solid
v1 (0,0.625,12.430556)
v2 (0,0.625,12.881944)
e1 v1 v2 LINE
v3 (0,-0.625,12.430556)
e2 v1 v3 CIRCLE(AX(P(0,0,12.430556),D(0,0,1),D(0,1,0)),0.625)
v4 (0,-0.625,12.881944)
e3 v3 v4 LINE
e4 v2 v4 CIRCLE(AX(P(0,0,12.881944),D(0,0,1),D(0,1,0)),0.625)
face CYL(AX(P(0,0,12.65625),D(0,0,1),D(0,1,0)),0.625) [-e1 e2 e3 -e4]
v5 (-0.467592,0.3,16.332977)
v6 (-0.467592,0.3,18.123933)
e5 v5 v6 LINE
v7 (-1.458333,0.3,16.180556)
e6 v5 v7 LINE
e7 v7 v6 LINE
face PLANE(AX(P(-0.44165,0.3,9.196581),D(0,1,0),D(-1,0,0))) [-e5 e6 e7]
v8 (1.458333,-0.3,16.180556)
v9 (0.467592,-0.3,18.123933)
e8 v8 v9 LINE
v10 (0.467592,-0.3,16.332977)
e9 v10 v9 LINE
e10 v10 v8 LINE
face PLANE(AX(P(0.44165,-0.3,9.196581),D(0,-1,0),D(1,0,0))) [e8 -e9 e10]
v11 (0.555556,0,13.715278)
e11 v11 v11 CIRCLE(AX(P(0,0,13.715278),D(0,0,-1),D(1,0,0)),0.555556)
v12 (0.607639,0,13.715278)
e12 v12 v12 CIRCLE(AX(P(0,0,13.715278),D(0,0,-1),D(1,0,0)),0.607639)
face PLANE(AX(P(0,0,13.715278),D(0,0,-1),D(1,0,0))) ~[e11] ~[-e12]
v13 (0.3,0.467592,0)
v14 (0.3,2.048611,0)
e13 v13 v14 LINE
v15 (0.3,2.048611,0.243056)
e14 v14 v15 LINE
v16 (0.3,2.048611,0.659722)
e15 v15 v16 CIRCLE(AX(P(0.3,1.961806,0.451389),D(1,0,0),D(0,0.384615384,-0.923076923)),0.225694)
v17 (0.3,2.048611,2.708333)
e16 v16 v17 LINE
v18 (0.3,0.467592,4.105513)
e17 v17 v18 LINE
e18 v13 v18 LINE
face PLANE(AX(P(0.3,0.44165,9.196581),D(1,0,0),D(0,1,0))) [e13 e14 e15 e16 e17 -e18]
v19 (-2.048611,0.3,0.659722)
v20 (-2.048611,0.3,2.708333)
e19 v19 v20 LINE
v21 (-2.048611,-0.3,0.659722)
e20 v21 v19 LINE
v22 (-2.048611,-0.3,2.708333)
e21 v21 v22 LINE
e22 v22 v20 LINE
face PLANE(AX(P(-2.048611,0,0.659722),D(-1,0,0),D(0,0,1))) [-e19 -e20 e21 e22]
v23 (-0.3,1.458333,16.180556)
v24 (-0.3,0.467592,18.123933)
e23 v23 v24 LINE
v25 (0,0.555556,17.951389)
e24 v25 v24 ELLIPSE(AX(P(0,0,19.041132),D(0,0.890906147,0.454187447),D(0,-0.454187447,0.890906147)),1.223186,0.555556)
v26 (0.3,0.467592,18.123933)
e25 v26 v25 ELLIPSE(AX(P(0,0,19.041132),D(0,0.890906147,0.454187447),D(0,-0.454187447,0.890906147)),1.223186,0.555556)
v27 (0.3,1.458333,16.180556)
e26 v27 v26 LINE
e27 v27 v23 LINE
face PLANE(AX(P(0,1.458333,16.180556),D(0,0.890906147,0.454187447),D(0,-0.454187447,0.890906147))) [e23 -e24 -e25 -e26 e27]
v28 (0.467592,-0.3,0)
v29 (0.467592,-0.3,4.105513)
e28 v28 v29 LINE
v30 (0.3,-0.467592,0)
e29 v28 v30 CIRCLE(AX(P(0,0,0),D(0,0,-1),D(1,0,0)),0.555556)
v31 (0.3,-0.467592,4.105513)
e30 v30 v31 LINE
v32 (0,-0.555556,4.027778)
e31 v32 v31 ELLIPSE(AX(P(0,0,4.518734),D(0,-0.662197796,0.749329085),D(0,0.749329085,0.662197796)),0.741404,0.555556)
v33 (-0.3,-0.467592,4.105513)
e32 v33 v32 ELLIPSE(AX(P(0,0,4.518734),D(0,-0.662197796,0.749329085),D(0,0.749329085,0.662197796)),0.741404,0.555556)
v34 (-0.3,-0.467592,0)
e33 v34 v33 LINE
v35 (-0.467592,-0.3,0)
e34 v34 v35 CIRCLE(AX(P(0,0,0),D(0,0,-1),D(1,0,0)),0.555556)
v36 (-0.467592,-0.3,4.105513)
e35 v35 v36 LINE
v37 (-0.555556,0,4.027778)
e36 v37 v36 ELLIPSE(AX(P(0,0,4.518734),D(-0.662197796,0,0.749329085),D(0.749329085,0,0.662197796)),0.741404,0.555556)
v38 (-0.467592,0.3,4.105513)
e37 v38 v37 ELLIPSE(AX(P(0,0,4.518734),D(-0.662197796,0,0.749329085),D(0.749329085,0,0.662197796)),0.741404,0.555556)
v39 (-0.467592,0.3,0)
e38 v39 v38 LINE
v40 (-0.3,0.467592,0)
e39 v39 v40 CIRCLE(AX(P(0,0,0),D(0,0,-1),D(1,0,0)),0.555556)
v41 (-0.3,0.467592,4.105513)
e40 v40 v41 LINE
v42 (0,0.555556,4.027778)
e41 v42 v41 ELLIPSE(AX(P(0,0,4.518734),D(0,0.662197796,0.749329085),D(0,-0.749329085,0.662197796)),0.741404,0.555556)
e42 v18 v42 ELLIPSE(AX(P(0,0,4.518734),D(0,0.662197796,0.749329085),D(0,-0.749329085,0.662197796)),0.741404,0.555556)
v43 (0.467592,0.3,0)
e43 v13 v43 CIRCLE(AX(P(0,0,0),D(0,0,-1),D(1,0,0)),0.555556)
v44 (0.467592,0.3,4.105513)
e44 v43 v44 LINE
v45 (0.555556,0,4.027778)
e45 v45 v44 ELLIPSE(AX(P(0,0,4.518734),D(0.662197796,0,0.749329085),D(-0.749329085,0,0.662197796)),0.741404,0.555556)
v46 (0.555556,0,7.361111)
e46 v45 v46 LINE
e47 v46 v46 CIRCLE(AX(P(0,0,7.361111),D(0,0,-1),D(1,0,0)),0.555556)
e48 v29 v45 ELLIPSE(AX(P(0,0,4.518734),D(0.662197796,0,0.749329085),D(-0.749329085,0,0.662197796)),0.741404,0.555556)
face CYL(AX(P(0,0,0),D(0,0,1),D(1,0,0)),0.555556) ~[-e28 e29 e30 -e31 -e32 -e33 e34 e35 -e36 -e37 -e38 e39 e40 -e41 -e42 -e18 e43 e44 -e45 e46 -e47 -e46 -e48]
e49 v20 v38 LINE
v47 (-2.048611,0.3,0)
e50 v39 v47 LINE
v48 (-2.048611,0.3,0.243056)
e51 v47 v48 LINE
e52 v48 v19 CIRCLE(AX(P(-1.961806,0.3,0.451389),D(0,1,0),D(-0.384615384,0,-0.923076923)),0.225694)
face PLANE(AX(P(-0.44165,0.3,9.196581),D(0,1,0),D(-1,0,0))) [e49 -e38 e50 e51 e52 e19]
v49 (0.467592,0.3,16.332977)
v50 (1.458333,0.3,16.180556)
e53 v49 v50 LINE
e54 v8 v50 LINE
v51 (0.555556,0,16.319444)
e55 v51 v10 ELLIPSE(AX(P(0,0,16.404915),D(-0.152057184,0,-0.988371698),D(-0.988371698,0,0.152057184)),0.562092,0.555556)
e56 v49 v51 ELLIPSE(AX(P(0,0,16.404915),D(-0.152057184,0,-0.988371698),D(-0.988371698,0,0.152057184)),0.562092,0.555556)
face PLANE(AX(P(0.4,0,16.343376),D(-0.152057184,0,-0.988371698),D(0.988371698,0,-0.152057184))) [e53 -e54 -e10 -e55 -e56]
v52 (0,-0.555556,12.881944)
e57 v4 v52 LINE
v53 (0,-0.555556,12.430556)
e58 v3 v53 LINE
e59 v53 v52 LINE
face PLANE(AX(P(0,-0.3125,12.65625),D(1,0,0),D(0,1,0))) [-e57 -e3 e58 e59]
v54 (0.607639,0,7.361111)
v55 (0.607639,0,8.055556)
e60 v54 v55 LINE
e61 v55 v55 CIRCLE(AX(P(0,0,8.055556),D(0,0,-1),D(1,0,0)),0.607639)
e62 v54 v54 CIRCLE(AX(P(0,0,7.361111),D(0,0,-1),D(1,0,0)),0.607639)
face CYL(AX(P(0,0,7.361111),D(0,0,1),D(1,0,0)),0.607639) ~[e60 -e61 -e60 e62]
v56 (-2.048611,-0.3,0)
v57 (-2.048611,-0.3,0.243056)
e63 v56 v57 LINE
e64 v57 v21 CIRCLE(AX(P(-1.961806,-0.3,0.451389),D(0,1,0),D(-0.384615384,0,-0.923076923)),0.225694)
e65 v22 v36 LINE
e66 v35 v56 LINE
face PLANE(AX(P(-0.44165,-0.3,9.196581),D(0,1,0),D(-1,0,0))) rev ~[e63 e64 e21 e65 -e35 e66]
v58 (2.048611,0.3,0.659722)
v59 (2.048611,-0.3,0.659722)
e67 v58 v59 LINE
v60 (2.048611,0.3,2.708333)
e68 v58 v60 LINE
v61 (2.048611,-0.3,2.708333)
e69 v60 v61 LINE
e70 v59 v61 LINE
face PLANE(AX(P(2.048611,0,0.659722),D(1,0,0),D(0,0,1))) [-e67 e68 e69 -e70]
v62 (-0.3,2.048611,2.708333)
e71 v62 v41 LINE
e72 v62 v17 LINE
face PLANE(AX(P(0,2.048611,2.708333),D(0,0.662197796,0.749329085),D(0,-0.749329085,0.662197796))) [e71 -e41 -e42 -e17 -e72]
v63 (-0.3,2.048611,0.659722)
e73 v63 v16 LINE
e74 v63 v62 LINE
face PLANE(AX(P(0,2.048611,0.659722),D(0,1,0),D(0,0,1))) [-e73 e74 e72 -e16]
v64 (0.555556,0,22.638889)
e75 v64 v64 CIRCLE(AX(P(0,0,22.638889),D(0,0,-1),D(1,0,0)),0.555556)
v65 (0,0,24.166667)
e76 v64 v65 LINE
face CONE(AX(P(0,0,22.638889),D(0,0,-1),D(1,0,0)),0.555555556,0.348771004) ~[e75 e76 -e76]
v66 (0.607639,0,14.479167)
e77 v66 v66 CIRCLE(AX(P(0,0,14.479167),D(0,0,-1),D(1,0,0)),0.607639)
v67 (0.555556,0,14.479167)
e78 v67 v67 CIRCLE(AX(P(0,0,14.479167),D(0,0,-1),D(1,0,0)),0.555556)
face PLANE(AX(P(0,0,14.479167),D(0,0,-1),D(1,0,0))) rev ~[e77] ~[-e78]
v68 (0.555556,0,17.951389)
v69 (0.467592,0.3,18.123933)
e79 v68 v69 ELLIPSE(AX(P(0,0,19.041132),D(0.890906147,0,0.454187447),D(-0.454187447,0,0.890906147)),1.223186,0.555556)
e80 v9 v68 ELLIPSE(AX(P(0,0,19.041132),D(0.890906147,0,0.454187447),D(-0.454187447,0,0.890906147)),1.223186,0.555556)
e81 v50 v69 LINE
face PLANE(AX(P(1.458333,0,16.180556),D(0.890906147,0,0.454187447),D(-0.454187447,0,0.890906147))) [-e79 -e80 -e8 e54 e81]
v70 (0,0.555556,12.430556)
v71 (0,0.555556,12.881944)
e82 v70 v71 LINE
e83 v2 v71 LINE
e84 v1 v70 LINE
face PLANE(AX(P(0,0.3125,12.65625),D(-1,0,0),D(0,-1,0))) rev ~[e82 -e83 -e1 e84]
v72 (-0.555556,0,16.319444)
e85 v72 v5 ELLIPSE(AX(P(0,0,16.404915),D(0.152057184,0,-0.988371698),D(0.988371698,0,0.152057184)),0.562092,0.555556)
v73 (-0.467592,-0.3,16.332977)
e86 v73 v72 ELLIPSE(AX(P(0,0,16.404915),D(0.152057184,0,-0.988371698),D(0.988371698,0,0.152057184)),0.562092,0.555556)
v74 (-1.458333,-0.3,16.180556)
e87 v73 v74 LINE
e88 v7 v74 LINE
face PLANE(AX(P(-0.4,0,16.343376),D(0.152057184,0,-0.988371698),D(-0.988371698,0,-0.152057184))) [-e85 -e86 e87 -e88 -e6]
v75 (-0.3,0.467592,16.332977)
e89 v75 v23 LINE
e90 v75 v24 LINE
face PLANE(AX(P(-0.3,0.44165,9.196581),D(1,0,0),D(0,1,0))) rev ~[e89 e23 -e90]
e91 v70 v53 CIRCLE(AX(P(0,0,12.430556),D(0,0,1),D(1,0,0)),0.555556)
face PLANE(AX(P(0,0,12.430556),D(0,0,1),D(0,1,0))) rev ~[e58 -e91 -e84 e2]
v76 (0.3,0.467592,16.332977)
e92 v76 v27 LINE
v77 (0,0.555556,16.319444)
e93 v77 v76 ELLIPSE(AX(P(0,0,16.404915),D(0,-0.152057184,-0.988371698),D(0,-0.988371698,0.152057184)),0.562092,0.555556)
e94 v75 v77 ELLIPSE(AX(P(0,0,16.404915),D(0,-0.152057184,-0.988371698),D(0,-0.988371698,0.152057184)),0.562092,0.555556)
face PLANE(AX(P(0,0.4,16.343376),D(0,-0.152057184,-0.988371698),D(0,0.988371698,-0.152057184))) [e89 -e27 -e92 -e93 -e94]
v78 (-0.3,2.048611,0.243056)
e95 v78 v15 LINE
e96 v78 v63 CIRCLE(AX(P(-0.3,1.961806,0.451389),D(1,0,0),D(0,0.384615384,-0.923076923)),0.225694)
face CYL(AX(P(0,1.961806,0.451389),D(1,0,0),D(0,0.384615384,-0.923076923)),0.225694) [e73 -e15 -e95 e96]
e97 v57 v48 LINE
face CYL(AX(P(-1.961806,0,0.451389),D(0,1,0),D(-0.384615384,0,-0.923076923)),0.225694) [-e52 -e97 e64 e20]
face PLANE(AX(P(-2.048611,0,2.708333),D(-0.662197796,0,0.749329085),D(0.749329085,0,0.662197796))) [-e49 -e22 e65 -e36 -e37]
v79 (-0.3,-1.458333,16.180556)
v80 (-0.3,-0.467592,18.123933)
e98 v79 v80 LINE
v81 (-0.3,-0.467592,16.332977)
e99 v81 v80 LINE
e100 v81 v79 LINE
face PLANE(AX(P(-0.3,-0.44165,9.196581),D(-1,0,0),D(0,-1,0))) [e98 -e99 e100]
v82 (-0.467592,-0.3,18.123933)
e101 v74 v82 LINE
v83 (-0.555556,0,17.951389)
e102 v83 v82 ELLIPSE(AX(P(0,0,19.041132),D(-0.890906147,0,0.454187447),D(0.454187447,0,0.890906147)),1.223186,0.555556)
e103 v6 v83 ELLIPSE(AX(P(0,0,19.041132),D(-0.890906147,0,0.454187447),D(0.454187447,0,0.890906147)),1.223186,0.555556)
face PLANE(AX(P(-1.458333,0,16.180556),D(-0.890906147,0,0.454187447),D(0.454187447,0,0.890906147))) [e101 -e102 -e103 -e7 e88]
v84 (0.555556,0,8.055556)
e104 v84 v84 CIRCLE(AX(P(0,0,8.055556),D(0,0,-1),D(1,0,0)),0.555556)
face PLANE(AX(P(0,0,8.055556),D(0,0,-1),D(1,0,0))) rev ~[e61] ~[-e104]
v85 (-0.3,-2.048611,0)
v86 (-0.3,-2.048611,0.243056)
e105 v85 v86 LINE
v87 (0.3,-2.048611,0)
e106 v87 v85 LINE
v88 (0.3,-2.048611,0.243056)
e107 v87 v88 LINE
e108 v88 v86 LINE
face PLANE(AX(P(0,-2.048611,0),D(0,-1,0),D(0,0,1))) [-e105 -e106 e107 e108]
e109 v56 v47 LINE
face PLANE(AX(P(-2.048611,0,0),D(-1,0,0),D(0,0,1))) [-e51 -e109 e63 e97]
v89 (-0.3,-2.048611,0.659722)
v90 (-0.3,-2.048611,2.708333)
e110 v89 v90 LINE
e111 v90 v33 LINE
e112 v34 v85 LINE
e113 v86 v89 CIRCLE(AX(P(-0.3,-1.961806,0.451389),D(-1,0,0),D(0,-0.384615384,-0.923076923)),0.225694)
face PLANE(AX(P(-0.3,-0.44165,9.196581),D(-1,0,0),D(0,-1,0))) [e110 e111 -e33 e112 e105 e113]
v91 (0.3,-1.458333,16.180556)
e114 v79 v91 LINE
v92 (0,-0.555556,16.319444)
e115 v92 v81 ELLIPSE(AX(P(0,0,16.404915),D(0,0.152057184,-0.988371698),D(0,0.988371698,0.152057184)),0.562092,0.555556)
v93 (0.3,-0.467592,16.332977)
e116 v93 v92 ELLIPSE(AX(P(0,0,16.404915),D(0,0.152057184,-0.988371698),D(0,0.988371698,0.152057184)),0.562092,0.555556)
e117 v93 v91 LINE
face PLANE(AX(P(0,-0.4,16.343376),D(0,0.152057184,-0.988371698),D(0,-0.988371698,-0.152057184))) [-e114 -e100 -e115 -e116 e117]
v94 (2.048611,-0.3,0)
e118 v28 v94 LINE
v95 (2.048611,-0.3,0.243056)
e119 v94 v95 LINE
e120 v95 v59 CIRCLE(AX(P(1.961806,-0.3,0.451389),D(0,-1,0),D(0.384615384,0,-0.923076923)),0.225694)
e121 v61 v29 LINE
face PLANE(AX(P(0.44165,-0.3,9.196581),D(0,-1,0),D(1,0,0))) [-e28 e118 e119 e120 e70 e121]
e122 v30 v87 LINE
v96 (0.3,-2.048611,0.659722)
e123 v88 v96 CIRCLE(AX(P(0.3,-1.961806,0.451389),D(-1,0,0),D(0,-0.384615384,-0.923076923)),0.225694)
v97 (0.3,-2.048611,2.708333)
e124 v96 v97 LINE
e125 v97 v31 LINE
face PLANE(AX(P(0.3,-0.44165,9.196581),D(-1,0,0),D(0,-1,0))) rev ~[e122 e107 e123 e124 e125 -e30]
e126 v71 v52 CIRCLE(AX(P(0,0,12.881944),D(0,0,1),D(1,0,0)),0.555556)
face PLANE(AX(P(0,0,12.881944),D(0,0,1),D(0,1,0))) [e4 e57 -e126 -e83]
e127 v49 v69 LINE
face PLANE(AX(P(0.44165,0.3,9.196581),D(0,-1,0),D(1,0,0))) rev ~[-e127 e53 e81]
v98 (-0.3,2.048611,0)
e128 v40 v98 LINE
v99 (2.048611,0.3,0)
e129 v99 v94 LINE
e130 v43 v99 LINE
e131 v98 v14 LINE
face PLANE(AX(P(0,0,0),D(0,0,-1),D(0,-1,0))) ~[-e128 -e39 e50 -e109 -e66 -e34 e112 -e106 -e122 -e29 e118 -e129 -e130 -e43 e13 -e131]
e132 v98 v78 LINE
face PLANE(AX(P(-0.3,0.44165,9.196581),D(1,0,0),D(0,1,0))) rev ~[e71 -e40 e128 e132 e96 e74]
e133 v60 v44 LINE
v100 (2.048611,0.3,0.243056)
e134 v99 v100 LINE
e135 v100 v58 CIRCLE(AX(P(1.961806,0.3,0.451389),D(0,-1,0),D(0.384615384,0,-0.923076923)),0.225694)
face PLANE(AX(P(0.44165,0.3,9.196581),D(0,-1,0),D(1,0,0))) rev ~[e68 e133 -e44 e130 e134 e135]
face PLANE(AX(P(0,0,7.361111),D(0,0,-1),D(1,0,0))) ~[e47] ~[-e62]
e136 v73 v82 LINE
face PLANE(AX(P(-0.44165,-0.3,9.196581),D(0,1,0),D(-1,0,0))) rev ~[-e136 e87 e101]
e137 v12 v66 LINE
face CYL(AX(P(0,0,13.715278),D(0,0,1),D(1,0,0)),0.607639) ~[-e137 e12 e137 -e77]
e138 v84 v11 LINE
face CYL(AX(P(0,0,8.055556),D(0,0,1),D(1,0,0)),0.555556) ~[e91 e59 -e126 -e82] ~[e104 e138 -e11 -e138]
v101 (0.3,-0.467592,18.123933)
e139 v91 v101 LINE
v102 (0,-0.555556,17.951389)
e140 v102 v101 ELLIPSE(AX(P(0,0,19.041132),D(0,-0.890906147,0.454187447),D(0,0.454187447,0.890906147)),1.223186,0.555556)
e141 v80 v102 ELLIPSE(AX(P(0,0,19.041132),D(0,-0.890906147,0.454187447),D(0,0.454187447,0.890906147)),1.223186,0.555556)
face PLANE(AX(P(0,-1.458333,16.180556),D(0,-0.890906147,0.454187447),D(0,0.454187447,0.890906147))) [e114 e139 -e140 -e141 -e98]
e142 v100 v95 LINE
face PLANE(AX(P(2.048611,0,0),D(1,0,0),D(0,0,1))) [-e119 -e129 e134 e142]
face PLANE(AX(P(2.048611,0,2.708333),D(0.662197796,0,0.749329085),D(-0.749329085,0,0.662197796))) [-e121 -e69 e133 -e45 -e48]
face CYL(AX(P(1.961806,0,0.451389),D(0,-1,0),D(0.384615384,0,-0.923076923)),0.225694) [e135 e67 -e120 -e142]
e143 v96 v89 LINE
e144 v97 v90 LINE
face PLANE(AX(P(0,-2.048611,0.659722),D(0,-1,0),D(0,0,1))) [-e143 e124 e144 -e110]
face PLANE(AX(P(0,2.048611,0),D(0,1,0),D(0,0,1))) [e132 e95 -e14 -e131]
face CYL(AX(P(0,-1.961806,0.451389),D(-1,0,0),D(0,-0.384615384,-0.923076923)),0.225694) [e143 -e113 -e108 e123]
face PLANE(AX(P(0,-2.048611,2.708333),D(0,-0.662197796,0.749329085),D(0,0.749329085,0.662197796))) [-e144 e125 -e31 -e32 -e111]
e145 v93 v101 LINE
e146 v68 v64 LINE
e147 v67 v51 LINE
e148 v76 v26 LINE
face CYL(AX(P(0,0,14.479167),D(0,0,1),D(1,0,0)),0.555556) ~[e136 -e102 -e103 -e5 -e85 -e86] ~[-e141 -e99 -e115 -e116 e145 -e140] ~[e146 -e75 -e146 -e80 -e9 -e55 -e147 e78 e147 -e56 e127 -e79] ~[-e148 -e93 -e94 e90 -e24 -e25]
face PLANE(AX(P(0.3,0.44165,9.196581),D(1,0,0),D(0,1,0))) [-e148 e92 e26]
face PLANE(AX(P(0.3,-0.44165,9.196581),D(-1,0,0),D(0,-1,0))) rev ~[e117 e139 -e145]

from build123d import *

# Parameters (mm, degrees)
F3_DEPTH      = 0.3
F4_COUNT      = 4
F5_W          = 0.625
F5_H          = 0.4513888889
F6_ANGLE_BACK = 90
F6_ANGLE      = 180


with BuildPart() as f1:
    # F0 (on Front) → F1 (revolve)
    with BuildSketch(Plane.XZ):
        Polygon((0, 24.1666666667), (0, 0), (0.5555555556, 0), (0.5555555556, 7.3611111111), (0.6076388889, 7.3611111111), (0.6076388889, 8.0555555556), (0.5555555556, 8.0555555556), (0.5555555556, 13.7152777778), (0.6076388889, 13.7152777778), (0.6076388889, 14.4791666667), (0.5555555556, 14.4791666667), (0.5555555556, 22.6388888889), align=None)
    revolve(axis=Axis((0, 0, 12.0833333333), (0, 0, -1)))

    # F2 (on Front) → F3 (join, symmetric)
    with BuildSketch(Plane.XZ):
        with BuildLine():
            Line((0, 0), (2.0486111111, 0))
            Line((2.0486111111, 0), (2.0486111111, 0.2430555556))
            ThreePointArc((2.0486111111, 0.2430555556), (2.1875, 0.4513888889), (2.0486111111, 0.6597222222))
            Line((2.0486111111, 0.6597222222), (2.0486111111, 2.7083333333))
            Line((2.0486111111, 2.7083333333), (0.4, 4.165245478))
            Line((0.4, 4.165245478), (0.4, 16.3433760684))
            Line((0.4, 16.3433760684), (1.4583333333, 16.1805555556))
            Line((1.4583333333, 16.1805555556), (0, 19.0411324786))
            Line((0, 19.0411324786), (0, 0))
        make_face()
    extrude(amount=F3_DEPTH, both=True)

    # F4: F1 ×4 about axis
    f4_axis = Axis((0, 0, 8.0555555556), (0, 0, 1))


with BuildPart() as f1_1:
    add(f1.part)
    for i in range(1, F4_COUNT):
        add(f1.part.rotate(f4_axis, i * 360 / F4_COUNT))

    # F5 (on Front) → F6 (revolve)
    with BuildSketch(Plane.XZ, mode=Mode.PRIVATE) as f6_sk:
        with Locations((-0.3125, 12.65625)):
            Rectangle(F5_W, F5_H)
    revolve(f6_sk.sketch.rotate(Axis((0, 0, 8.0555555556), (0, 0, 1)), -F6_ANGLE_BACK), axis=Axis((0, 0, 8.0555555556), (0, 0, 1)), revolution_arc=F6_ANGLE)


solid = f1_1.part
